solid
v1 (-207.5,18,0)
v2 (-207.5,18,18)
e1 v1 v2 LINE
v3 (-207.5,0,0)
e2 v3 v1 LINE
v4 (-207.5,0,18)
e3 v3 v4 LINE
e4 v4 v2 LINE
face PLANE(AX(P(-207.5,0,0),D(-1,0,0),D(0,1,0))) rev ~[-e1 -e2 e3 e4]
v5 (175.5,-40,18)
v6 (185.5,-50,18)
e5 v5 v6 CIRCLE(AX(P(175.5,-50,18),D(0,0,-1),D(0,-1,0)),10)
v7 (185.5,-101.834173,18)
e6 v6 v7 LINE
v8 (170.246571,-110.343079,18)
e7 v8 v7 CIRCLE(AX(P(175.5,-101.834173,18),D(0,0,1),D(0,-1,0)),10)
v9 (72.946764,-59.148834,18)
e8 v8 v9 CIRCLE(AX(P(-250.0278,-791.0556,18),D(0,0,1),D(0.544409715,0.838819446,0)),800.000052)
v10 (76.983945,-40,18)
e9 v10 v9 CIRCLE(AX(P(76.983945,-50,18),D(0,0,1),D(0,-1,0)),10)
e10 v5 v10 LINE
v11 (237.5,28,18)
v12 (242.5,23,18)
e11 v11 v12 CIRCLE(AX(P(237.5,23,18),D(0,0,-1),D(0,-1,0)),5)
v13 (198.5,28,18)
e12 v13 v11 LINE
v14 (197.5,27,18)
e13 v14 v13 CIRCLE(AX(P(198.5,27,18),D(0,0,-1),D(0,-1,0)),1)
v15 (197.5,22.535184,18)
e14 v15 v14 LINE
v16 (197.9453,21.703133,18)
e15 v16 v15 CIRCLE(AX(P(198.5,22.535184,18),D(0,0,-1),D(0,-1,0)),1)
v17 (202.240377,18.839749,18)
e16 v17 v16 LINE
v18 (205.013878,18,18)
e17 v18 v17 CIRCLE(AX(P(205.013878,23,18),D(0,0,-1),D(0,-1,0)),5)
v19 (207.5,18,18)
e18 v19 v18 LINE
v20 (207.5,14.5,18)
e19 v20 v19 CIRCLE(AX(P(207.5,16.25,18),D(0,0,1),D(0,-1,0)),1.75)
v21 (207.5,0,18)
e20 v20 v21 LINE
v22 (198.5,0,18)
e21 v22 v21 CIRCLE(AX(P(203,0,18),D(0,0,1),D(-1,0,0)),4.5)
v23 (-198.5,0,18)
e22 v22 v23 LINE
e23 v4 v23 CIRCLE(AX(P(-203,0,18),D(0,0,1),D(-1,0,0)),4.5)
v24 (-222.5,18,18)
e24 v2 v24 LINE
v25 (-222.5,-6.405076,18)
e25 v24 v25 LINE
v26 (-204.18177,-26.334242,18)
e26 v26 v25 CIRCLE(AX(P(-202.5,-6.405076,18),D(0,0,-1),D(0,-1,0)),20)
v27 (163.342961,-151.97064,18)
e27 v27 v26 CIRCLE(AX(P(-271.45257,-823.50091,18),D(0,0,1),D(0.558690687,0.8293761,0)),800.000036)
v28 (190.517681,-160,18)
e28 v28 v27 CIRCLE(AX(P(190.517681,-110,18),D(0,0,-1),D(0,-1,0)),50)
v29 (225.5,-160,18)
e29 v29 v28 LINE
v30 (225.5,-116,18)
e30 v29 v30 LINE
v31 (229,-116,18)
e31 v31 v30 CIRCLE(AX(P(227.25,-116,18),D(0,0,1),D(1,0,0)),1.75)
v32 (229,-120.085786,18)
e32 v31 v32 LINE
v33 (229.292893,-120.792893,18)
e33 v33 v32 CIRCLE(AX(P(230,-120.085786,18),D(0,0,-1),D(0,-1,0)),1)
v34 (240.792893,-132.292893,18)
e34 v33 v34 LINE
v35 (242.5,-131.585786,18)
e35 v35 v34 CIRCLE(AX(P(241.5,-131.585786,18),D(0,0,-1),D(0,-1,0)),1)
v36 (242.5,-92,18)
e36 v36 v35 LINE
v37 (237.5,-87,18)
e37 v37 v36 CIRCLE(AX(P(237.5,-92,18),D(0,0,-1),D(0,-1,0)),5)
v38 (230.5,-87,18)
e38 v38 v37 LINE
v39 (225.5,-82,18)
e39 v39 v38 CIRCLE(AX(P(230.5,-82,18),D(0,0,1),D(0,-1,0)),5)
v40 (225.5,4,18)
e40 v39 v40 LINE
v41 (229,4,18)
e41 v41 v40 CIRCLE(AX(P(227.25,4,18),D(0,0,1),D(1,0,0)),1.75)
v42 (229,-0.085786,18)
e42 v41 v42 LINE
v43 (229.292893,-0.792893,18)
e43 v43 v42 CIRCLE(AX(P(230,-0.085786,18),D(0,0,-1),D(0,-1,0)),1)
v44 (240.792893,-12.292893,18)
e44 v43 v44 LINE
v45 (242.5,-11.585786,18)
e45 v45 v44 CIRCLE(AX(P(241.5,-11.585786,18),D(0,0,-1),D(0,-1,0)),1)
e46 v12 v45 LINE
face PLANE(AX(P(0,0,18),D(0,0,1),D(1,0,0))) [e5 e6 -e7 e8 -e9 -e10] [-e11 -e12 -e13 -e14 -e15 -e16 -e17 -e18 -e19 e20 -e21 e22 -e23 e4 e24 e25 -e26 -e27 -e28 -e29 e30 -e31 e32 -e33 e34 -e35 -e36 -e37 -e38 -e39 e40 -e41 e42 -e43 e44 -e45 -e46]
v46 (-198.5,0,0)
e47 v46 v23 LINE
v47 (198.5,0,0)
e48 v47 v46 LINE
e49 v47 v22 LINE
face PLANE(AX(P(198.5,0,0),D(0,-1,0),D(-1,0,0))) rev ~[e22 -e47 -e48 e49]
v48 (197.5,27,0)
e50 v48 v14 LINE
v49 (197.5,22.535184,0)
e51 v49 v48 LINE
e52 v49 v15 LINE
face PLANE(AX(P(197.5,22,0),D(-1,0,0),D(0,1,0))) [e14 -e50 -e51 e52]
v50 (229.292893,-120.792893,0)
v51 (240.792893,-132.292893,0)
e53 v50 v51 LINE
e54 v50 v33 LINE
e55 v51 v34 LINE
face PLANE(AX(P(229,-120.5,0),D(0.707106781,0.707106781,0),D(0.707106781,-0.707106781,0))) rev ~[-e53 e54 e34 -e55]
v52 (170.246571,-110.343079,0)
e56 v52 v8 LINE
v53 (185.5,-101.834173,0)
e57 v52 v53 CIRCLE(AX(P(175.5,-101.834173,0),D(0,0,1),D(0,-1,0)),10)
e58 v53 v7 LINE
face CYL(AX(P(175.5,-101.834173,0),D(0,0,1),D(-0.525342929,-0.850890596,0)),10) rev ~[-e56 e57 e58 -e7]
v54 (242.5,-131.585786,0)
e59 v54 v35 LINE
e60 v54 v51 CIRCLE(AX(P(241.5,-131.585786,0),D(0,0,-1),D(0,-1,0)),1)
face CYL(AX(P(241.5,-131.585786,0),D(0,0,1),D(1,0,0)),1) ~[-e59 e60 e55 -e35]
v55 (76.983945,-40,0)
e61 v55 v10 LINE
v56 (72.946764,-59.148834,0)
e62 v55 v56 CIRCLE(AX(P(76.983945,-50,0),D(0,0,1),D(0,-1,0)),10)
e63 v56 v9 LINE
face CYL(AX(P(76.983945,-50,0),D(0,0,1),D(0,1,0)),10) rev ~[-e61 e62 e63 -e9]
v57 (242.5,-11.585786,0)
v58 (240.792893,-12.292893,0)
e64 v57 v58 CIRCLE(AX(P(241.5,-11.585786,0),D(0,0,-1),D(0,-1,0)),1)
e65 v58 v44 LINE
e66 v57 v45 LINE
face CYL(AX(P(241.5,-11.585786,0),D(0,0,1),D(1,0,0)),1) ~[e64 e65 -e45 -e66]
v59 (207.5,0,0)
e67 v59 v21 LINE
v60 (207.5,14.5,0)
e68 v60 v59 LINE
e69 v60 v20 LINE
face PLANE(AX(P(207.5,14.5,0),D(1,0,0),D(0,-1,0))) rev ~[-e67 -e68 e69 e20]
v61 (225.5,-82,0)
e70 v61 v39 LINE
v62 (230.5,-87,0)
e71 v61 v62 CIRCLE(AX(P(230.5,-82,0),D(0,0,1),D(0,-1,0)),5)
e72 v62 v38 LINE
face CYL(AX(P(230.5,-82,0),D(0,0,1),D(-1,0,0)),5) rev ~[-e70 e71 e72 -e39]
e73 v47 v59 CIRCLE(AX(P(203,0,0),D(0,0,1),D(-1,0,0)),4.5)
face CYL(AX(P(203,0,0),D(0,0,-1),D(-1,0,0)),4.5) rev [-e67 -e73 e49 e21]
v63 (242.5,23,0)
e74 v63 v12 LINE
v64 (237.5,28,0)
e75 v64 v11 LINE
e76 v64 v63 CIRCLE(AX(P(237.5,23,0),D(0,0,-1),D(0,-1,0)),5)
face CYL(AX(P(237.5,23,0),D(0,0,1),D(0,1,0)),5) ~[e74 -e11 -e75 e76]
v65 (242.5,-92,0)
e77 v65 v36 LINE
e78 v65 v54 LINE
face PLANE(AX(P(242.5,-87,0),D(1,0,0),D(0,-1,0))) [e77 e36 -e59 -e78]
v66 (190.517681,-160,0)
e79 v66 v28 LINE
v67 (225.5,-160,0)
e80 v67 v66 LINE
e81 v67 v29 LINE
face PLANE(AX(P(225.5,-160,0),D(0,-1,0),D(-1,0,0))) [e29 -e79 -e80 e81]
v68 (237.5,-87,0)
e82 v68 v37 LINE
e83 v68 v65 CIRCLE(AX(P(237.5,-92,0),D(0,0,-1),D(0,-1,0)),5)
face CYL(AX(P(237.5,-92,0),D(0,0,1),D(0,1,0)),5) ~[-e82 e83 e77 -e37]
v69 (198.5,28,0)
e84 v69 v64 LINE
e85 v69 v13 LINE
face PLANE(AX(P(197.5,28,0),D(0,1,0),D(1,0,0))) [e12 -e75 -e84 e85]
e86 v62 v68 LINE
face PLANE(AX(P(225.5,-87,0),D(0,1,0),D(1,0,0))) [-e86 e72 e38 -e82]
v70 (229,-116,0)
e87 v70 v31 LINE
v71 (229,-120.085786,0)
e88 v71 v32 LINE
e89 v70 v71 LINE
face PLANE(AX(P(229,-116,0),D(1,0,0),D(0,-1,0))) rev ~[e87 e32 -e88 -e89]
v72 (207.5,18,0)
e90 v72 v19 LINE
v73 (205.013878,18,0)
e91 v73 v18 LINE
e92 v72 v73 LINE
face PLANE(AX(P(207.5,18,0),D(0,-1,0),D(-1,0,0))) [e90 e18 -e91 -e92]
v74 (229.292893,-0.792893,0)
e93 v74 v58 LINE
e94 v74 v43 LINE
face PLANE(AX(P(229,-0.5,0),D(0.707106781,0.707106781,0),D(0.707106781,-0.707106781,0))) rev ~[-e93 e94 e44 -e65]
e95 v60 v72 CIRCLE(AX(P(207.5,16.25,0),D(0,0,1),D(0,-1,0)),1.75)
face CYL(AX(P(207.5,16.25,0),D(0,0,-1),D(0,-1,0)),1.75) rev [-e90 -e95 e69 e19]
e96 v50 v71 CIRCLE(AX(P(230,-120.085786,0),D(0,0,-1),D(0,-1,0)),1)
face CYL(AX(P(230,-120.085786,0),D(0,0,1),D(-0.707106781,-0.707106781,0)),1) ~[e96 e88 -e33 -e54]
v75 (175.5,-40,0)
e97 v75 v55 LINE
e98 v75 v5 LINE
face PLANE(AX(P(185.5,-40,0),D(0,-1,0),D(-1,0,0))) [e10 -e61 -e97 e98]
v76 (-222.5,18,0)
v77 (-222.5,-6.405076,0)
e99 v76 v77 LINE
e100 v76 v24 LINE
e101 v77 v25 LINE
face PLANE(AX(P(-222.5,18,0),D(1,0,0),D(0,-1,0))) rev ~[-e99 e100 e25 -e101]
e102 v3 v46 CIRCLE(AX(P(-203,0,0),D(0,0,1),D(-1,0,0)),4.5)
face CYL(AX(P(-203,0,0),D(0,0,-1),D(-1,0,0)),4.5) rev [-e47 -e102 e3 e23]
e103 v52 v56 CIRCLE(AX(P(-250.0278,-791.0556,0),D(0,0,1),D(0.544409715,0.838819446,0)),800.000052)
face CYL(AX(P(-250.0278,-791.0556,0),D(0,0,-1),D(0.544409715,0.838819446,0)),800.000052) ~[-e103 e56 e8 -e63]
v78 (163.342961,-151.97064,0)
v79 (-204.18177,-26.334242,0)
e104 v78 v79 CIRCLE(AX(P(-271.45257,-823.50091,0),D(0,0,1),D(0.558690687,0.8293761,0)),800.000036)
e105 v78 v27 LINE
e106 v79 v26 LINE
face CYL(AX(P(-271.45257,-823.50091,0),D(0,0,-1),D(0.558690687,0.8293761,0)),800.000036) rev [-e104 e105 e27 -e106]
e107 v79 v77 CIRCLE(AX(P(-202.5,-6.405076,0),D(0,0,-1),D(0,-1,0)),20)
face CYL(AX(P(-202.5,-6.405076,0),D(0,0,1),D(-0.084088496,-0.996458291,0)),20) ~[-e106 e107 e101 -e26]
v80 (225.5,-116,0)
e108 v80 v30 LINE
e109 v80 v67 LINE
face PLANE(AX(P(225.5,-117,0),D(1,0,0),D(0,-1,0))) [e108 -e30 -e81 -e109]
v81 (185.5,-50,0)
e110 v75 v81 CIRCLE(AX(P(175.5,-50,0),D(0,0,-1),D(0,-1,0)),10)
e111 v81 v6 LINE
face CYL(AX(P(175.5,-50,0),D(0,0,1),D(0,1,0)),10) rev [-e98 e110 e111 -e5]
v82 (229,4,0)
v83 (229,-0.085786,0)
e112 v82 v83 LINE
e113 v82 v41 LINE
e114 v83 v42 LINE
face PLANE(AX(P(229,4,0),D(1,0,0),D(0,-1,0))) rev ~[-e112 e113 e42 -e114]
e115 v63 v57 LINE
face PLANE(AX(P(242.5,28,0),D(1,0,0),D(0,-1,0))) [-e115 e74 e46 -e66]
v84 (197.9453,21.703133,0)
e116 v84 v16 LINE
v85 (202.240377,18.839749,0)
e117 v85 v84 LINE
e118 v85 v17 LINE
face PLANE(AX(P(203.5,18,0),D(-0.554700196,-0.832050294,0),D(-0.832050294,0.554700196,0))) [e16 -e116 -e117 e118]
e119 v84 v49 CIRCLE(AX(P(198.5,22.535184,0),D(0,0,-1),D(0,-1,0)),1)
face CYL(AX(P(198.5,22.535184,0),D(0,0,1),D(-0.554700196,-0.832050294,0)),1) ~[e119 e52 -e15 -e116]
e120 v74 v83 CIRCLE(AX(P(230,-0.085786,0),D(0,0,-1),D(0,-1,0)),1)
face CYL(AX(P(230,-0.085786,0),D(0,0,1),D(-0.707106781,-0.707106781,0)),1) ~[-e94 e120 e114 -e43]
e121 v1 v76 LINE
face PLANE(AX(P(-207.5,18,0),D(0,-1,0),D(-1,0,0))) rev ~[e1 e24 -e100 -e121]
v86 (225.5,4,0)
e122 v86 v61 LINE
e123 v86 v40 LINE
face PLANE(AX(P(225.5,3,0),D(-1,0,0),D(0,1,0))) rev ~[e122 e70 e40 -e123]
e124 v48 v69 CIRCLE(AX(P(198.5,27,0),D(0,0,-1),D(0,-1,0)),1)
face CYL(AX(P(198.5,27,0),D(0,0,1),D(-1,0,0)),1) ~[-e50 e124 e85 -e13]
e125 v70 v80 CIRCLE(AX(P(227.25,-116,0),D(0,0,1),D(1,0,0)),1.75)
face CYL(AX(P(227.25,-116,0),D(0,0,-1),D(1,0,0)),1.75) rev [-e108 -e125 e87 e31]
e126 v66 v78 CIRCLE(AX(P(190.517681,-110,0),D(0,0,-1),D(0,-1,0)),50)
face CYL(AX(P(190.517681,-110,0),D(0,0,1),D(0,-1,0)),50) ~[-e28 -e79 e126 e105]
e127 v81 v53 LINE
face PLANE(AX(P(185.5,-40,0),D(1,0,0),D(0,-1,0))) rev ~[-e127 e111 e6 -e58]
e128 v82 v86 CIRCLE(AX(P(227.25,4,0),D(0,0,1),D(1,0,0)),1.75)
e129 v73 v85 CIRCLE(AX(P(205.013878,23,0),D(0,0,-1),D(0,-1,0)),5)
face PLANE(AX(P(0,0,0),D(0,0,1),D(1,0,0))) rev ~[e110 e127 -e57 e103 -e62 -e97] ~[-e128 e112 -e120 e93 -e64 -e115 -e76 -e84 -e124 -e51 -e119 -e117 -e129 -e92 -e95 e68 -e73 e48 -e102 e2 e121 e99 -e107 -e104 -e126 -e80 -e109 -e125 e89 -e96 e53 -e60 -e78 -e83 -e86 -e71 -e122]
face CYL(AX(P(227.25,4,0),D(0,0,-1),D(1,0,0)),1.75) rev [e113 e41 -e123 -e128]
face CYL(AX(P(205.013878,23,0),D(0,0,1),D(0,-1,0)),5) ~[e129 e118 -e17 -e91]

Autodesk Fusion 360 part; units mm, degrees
sketch "Sketch1" plane through (0, 0, 0) normal (0, 0, 1) x (1, 0, 0)
  line L0 (-207.5, 0) -> (207.5, 0) construction
  line L1 (207.5, 0) -> (207.5, 18) construction
  line L2 (207.5, 18) -> (203.5, 18)
  line L3 (203.5, 18) -> (197.5, 22)
  line L4 (197.5, 22) -> (197.5, 28)
  line L5 (197.5, 28) -> (242.5, 28)
  line L6 (242.5, 28) -> (242.5, -14)
  line L7 (242.5, -14) -> (225.5, 3) construction
  line L8 (225.5, 3) -> (225.5, -87)
  line L9 (225.5, -87) -> (242.5, -87)
  line L10 (242.5, -87) -> (242.5, -134)
  line L11 (242.5, -134) -> (225.5, -117) construction
  line L12 (225.5, -117) -> (225.5, -160)
  line L13 (225.5, -160) -> (175.5, -160)
  line L14 (-207.5, 0) -> (-207.5, 18)
  line L15 (-207.5, 18) -> (-222.5, 18)
  line L16 (-222.5, 18) -> (-222.5, -25)
  arc A0 (175.5, -160) -> (-222.5, -25) centre (-271.4526, -823.5009) ccw
  line L17 (242.5, -14) -> (243.5, -15) construction
  line L18 (243.5, -15) -> (243.5, -62) construction
  line L19 (243.5, -62) -> (225.5, -62) construction
  line L20 (242.5, -134) -> (243.5, -135) construction
  line L21 (243.5, -135) -> (243.5, -182) construction
  line L22 (243.5, -182) -> (225.5, -182) construction
  line L23 (225.5, -182) -> (225.5, -160) construction
  line L24 (185.5, -40) -> (185.5, -120)
  line L25 (185.5, -40) -> (25.5, -40)
  arc A1 (185.5, -120) -> (25.5, -40) centre (-250.0278, -791.0556) ccw
  line L26 (225.5, 3) -> (225.5, 4)
  arc A2 (229, 4) -> (225.5, 4) centre (227.25, 4) ccw
  line L27 (229, 4) -> (229, -0.5)
  line L28 (229, -0.5) -> (242.5, -14)
  line L29 (225.5, -117) -> (225.5, -116)
  arc A3 (229, -116) -> (225.5, -116) centre (227.25, -116) ccw
  line L30 (229, -116) -> (229, -120.5)
  line L31 (229, -120.5) -> (242.5, -134)
  arc A4 (207.5, 14.5) -> (207.5, 18) centre (207.5, 16.25) ccw
  line L32 (207.5, 14.5) -> (207.5, 0)
  arc A5 (198.5, 0) -> (207.5, 0) centre (203, 0) ccw
  arc A6 (-207.5, 0) -> (-198.5, 0) centre (-203, 0) ccw
  line L33 (198.5, 0) -> (-198.5, 0)
  dimension "d1" = 415
  dimension "d2" = 15
  dimension "d3" = 10
  dimension "d4" = 4
  dimension "d5" = 4
  dimension "d6" = 45
  dimension "d7" = 25
  dimension "d8" = 17
  dimension "d9" = 25
  dimension "d10" = 18
  dimension "d11" = 45
  dimension "d12" = 45
  dimension "d13" = 120
  dimension "d14" = 65
  dimension "d15" = 65
  dimension "d16" = 163
  dimension "d17" = 50
  dimension "d18" = 25
  dimension "d19" = 800
  dimension "d20" = 18
  dimension "d21" = 207.5
  dimension "d22" = 40
  dimension "d23" = 40
  dimension "d24" = 160
  dimension "d25" = 80
  dimension "d27" = 3.5
  dimension "d28" = 3.5
  dimension "d29" = 1
  dimension "d30" = 10
  dimension "d31" = 3.5
  dimension "d32" = 9
extrude "Extrude1" add sketch "Sketch1" along normal blind 18
fillet "Fillet1" radius 1 6 edges at (242.5, -14, 9) (242.5, -134, 9) (229, -120.5, 9) (229, -0.5, 9) (197.5, 28, 9) (197.5, 22, 9)
fillet "Fillet1" radius 20 1 edges at (-222.5, -25, 9)
fillet "Fillet1" radius 10 3 edges at (185.5, -40, 9) (185.5, -120, 9) (25.5, -40, 9)
fillet "Fillet1" radius 50 1 edges at (175.5, -160, 9)
fillet "Fillet1" radius 5 3 edges at (242.5, 28, 9) (242.5, -87, 9) (225.5, -87, 9)
fillet "Fillet1" radius 5 1 edges at (203.5, 18, 9)
equation "d12 = d11"
equation "d13 = 55 mm + 65 mm"
equation "d15 = d14"
equation "d21 = d1 / 2"
equation "d28 = d27"
equation "d31 = d27"
